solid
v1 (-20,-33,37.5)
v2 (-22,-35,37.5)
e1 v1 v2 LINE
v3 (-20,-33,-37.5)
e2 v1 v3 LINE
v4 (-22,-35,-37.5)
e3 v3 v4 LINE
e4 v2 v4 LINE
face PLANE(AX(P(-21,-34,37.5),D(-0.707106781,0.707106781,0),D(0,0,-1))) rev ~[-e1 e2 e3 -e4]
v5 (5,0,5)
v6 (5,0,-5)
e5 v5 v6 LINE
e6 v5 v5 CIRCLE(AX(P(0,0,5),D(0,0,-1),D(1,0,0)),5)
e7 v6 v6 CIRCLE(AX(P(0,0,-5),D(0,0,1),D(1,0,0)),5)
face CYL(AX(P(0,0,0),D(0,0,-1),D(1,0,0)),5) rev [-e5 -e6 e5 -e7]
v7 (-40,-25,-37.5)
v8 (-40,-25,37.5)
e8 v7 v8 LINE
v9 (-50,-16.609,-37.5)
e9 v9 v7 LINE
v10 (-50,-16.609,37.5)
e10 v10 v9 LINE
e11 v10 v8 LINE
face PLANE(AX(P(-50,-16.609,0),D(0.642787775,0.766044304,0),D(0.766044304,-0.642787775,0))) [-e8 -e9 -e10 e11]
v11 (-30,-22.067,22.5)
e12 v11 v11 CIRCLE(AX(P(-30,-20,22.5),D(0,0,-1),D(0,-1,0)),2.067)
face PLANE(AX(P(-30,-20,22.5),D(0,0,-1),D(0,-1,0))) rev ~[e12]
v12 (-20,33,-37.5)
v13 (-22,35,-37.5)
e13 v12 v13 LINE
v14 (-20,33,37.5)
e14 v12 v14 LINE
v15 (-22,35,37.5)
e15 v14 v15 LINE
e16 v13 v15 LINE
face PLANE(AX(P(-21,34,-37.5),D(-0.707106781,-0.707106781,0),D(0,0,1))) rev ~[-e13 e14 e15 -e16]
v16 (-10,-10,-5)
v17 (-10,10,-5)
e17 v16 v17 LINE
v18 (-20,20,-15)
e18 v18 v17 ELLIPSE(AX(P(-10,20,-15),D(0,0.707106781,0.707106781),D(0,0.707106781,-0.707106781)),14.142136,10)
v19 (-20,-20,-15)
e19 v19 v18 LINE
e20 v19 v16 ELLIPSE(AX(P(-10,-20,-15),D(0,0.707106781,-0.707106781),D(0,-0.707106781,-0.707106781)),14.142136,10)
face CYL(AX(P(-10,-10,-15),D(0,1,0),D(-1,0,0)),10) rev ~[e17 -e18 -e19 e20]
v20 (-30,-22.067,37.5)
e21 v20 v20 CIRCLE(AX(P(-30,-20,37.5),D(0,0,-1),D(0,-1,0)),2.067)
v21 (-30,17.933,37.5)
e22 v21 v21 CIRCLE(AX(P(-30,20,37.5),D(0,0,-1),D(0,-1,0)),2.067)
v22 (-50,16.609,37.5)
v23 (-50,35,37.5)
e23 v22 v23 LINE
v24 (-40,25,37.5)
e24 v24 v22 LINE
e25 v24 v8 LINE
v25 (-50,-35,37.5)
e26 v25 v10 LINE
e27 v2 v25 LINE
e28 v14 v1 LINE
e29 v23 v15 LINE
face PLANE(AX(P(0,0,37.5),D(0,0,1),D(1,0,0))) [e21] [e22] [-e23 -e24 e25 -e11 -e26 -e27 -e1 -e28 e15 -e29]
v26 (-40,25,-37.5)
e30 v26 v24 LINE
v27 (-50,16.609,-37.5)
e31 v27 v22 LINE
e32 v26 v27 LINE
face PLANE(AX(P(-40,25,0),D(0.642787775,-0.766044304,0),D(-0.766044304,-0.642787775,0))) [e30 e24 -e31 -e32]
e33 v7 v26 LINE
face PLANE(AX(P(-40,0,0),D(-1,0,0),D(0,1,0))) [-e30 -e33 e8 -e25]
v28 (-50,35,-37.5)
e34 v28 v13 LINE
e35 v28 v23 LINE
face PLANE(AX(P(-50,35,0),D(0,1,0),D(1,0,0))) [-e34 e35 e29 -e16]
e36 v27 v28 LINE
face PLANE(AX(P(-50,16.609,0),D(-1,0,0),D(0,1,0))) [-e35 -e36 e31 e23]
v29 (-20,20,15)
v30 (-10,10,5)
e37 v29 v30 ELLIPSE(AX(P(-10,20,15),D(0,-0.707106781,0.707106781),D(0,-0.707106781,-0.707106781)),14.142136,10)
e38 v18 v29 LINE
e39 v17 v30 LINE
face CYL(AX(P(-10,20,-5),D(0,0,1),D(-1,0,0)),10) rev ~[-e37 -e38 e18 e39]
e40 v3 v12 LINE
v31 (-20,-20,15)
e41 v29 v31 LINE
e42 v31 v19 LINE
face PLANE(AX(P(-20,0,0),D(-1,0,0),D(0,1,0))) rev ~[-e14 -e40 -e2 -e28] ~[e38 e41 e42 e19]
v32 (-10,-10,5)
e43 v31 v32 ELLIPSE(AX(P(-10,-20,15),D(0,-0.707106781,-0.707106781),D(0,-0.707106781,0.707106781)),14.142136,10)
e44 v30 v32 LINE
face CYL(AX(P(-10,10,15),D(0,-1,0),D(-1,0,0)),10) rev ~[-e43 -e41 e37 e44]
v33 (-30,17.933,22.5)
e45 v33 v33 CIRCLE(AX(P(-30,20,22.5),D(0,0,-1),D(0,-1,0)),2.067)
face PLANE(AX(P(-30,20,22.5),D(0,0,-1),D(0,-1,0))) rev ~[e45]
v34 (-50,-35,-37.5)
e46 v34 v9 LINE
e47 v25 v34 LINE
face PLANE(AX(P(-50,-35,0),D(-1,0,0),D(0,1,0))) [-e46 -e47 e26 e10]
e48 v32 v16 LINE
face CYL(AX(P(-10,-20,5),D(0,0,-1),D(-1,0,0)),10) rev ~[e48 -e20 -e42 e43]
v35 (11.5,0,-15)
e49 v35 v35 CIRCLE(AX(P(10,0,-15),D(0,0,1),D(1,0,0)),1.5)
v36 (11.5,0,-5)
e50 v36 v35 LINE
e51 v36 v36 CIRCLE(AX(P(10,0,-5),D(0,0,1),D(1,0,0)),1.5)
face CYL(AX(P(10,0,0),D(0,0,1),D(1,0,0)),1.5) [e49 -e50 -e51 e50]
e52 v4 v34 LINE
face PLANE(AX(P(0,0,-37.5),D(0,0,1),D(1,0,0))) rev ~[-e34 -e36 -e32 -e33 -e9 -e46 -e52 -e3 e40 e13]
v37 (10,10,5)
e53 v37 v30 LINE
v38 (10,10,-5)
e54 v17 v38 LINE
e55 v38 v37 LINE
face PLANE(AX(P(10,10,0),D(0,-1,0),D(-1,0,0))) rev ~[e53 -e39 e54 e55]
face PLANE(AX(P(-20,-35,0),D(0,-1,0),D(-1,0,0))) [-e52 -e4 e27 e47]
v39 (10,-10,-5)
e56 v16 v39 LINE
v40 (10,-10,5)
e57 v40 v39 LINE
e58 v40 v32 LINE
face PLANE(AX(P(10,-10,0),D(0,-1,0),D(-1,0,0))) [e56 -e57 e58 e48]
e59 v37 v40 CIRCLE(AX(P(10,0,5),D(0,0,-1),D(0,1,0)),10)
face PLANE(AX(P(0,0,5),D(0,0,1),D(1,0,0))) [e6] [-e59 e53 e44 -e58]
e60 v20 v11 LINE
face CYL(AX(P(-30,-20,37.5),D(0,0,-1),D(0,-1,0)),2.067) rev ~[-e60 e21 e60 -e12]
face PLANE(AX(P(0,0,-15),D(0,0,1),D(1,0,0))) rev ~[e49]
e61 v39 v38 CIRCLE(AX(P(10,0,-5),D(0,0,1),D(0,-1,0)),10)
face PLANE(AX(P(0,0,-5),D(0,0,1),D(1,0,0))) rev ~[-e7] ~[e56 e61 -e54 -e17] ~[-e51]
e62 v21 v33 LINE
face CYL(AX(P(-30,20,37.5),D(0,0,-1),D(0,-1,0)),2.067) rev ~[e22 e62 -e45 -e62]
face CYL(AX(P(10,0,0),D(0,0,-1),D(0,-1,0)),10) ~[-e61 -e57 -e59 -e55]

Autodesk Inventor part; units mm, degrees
ref_plane "YZ Plane" through (0, 0, 0) normal (1, 0, 0) x (0, 1, 0)
ref_plane "XZ Plane" through (0, 0, 0) normal (0, 1, 0) x (-1, 0, 0)
ref_plane "XY Plane" through (0, 0, 0) normal (0, 0, 1) x (1, 0, 0)
sketch "Skizze3" plane through (0, 0, 0) normal (0, 0, 1) x (1, 0, 0)
  circle A0 centre (0, 0) radius 5
  circle A1 centre (10, 0) radius 1.5
  line L0 (0, -49) -> (0, 49) projected
  line L1 (-64, 0) -> (34, 0) projected
  arc A2 (10, -10) -> (10, 10) centre (10, 0) ccw
  line L2 (10, -10) -> (0, -10)
  line L3 (10, 10) -> (0, 10)
  arc A3 (0, 10) -> (0, -10) centre (0, 0) ccw
  line L4 (0, -10) -> (-20, -10)
  line L5 (0, 10) -> (-20, 10)
  line L6 (-20, -10) -> (-20, -35)
  line L7 (-20, -35) -> (-50, -35)
  line L8 (-50, -35) -> (-50, 35)
  line L9 (-50, 35) -> (-20, 35)
  line L10 (-20, 35) -> (-20, 10)
  line L11 (-50, -16.609) -> (-40, -25)
  line L12 (-40, -25) -> (-40, 25)
  line L13 (-40, 25) -> (-50, 16.609)
  line L14 (-20, -10) -> (-20, 10)
  point P0 (-10, 0)
  dimension "d5" = 10
  dimension "d6" = 3
  dimension "d7" = 10
  dimension "d8" = 20
  dimension "d10" = 10
  dimension "d11" = 50
  dimension "d12" = 30
  dimension "d13" = 20
  dimension "d15" = 25
  dimension "d16" = 25
  dimension "d17" = 10
  dimension "d19" = 50
extrude "Extrusion3" add sketch "Skizze3" along normal mid plane 10 contours L1 A1 A2 L2 L0 A0 | A0 L0 L3 A2 L1 A1 | A0 L1 A3 L0 | L0 A3 L1 A0 | L1 A1 | A1 L1 | A3 L1 L14 L5 | L4 L14 L1 A3
extrude "Extrusion4" add sketch "Skizze3" along normal mid plane 75 contours L14 L1 L12 L13 L8 L9 L10 | L6 L7 L8 L11 L12 L1 L14
chamfer "Fase1" distance 2 angle 45 2 edges at (-20, 35, 0) (-20, -35, 0)
fillet "Rundung1" radius 10 4 edges at (-20, 0, 5) (-20, -10, 0) (-20, 0, -5) (-20, 10, 0)
sketch "Skizze5" plane through (0, 0, 37.5) normal (0, 0, 1) x (1, 0, 0)
  line L0 (-50, -35) -> (-22, -35) projected
  line L1 (-20, -33) -> (-20, 33) projected
  line L2 (-22, 35) -> (-50, 35) projected
  point P0 (0, 0)
  point P1 (-30, 20)
  point P2 (-30, -20)
  dimension "d30" = 15
  dimension "d31" = 10
  dimension "d32" = 15
  dimension "d33" = 10
hole "Bohrung1" at (-30, 20, 37.5) at (-30, -20, 37.5) direction (0, 0, -1) diameter 4.134 depth 15 thread size "M5x0.8" class "6H" standard "ISO Metric profile"
extrude "Extrusion5" add sketch "Skizze3" against normal blind 15 contours L1 A1 | A1 L1
properties part number "BT401_trajan20_21" material "Kunststoff, undurchsichtig Schwarz"
